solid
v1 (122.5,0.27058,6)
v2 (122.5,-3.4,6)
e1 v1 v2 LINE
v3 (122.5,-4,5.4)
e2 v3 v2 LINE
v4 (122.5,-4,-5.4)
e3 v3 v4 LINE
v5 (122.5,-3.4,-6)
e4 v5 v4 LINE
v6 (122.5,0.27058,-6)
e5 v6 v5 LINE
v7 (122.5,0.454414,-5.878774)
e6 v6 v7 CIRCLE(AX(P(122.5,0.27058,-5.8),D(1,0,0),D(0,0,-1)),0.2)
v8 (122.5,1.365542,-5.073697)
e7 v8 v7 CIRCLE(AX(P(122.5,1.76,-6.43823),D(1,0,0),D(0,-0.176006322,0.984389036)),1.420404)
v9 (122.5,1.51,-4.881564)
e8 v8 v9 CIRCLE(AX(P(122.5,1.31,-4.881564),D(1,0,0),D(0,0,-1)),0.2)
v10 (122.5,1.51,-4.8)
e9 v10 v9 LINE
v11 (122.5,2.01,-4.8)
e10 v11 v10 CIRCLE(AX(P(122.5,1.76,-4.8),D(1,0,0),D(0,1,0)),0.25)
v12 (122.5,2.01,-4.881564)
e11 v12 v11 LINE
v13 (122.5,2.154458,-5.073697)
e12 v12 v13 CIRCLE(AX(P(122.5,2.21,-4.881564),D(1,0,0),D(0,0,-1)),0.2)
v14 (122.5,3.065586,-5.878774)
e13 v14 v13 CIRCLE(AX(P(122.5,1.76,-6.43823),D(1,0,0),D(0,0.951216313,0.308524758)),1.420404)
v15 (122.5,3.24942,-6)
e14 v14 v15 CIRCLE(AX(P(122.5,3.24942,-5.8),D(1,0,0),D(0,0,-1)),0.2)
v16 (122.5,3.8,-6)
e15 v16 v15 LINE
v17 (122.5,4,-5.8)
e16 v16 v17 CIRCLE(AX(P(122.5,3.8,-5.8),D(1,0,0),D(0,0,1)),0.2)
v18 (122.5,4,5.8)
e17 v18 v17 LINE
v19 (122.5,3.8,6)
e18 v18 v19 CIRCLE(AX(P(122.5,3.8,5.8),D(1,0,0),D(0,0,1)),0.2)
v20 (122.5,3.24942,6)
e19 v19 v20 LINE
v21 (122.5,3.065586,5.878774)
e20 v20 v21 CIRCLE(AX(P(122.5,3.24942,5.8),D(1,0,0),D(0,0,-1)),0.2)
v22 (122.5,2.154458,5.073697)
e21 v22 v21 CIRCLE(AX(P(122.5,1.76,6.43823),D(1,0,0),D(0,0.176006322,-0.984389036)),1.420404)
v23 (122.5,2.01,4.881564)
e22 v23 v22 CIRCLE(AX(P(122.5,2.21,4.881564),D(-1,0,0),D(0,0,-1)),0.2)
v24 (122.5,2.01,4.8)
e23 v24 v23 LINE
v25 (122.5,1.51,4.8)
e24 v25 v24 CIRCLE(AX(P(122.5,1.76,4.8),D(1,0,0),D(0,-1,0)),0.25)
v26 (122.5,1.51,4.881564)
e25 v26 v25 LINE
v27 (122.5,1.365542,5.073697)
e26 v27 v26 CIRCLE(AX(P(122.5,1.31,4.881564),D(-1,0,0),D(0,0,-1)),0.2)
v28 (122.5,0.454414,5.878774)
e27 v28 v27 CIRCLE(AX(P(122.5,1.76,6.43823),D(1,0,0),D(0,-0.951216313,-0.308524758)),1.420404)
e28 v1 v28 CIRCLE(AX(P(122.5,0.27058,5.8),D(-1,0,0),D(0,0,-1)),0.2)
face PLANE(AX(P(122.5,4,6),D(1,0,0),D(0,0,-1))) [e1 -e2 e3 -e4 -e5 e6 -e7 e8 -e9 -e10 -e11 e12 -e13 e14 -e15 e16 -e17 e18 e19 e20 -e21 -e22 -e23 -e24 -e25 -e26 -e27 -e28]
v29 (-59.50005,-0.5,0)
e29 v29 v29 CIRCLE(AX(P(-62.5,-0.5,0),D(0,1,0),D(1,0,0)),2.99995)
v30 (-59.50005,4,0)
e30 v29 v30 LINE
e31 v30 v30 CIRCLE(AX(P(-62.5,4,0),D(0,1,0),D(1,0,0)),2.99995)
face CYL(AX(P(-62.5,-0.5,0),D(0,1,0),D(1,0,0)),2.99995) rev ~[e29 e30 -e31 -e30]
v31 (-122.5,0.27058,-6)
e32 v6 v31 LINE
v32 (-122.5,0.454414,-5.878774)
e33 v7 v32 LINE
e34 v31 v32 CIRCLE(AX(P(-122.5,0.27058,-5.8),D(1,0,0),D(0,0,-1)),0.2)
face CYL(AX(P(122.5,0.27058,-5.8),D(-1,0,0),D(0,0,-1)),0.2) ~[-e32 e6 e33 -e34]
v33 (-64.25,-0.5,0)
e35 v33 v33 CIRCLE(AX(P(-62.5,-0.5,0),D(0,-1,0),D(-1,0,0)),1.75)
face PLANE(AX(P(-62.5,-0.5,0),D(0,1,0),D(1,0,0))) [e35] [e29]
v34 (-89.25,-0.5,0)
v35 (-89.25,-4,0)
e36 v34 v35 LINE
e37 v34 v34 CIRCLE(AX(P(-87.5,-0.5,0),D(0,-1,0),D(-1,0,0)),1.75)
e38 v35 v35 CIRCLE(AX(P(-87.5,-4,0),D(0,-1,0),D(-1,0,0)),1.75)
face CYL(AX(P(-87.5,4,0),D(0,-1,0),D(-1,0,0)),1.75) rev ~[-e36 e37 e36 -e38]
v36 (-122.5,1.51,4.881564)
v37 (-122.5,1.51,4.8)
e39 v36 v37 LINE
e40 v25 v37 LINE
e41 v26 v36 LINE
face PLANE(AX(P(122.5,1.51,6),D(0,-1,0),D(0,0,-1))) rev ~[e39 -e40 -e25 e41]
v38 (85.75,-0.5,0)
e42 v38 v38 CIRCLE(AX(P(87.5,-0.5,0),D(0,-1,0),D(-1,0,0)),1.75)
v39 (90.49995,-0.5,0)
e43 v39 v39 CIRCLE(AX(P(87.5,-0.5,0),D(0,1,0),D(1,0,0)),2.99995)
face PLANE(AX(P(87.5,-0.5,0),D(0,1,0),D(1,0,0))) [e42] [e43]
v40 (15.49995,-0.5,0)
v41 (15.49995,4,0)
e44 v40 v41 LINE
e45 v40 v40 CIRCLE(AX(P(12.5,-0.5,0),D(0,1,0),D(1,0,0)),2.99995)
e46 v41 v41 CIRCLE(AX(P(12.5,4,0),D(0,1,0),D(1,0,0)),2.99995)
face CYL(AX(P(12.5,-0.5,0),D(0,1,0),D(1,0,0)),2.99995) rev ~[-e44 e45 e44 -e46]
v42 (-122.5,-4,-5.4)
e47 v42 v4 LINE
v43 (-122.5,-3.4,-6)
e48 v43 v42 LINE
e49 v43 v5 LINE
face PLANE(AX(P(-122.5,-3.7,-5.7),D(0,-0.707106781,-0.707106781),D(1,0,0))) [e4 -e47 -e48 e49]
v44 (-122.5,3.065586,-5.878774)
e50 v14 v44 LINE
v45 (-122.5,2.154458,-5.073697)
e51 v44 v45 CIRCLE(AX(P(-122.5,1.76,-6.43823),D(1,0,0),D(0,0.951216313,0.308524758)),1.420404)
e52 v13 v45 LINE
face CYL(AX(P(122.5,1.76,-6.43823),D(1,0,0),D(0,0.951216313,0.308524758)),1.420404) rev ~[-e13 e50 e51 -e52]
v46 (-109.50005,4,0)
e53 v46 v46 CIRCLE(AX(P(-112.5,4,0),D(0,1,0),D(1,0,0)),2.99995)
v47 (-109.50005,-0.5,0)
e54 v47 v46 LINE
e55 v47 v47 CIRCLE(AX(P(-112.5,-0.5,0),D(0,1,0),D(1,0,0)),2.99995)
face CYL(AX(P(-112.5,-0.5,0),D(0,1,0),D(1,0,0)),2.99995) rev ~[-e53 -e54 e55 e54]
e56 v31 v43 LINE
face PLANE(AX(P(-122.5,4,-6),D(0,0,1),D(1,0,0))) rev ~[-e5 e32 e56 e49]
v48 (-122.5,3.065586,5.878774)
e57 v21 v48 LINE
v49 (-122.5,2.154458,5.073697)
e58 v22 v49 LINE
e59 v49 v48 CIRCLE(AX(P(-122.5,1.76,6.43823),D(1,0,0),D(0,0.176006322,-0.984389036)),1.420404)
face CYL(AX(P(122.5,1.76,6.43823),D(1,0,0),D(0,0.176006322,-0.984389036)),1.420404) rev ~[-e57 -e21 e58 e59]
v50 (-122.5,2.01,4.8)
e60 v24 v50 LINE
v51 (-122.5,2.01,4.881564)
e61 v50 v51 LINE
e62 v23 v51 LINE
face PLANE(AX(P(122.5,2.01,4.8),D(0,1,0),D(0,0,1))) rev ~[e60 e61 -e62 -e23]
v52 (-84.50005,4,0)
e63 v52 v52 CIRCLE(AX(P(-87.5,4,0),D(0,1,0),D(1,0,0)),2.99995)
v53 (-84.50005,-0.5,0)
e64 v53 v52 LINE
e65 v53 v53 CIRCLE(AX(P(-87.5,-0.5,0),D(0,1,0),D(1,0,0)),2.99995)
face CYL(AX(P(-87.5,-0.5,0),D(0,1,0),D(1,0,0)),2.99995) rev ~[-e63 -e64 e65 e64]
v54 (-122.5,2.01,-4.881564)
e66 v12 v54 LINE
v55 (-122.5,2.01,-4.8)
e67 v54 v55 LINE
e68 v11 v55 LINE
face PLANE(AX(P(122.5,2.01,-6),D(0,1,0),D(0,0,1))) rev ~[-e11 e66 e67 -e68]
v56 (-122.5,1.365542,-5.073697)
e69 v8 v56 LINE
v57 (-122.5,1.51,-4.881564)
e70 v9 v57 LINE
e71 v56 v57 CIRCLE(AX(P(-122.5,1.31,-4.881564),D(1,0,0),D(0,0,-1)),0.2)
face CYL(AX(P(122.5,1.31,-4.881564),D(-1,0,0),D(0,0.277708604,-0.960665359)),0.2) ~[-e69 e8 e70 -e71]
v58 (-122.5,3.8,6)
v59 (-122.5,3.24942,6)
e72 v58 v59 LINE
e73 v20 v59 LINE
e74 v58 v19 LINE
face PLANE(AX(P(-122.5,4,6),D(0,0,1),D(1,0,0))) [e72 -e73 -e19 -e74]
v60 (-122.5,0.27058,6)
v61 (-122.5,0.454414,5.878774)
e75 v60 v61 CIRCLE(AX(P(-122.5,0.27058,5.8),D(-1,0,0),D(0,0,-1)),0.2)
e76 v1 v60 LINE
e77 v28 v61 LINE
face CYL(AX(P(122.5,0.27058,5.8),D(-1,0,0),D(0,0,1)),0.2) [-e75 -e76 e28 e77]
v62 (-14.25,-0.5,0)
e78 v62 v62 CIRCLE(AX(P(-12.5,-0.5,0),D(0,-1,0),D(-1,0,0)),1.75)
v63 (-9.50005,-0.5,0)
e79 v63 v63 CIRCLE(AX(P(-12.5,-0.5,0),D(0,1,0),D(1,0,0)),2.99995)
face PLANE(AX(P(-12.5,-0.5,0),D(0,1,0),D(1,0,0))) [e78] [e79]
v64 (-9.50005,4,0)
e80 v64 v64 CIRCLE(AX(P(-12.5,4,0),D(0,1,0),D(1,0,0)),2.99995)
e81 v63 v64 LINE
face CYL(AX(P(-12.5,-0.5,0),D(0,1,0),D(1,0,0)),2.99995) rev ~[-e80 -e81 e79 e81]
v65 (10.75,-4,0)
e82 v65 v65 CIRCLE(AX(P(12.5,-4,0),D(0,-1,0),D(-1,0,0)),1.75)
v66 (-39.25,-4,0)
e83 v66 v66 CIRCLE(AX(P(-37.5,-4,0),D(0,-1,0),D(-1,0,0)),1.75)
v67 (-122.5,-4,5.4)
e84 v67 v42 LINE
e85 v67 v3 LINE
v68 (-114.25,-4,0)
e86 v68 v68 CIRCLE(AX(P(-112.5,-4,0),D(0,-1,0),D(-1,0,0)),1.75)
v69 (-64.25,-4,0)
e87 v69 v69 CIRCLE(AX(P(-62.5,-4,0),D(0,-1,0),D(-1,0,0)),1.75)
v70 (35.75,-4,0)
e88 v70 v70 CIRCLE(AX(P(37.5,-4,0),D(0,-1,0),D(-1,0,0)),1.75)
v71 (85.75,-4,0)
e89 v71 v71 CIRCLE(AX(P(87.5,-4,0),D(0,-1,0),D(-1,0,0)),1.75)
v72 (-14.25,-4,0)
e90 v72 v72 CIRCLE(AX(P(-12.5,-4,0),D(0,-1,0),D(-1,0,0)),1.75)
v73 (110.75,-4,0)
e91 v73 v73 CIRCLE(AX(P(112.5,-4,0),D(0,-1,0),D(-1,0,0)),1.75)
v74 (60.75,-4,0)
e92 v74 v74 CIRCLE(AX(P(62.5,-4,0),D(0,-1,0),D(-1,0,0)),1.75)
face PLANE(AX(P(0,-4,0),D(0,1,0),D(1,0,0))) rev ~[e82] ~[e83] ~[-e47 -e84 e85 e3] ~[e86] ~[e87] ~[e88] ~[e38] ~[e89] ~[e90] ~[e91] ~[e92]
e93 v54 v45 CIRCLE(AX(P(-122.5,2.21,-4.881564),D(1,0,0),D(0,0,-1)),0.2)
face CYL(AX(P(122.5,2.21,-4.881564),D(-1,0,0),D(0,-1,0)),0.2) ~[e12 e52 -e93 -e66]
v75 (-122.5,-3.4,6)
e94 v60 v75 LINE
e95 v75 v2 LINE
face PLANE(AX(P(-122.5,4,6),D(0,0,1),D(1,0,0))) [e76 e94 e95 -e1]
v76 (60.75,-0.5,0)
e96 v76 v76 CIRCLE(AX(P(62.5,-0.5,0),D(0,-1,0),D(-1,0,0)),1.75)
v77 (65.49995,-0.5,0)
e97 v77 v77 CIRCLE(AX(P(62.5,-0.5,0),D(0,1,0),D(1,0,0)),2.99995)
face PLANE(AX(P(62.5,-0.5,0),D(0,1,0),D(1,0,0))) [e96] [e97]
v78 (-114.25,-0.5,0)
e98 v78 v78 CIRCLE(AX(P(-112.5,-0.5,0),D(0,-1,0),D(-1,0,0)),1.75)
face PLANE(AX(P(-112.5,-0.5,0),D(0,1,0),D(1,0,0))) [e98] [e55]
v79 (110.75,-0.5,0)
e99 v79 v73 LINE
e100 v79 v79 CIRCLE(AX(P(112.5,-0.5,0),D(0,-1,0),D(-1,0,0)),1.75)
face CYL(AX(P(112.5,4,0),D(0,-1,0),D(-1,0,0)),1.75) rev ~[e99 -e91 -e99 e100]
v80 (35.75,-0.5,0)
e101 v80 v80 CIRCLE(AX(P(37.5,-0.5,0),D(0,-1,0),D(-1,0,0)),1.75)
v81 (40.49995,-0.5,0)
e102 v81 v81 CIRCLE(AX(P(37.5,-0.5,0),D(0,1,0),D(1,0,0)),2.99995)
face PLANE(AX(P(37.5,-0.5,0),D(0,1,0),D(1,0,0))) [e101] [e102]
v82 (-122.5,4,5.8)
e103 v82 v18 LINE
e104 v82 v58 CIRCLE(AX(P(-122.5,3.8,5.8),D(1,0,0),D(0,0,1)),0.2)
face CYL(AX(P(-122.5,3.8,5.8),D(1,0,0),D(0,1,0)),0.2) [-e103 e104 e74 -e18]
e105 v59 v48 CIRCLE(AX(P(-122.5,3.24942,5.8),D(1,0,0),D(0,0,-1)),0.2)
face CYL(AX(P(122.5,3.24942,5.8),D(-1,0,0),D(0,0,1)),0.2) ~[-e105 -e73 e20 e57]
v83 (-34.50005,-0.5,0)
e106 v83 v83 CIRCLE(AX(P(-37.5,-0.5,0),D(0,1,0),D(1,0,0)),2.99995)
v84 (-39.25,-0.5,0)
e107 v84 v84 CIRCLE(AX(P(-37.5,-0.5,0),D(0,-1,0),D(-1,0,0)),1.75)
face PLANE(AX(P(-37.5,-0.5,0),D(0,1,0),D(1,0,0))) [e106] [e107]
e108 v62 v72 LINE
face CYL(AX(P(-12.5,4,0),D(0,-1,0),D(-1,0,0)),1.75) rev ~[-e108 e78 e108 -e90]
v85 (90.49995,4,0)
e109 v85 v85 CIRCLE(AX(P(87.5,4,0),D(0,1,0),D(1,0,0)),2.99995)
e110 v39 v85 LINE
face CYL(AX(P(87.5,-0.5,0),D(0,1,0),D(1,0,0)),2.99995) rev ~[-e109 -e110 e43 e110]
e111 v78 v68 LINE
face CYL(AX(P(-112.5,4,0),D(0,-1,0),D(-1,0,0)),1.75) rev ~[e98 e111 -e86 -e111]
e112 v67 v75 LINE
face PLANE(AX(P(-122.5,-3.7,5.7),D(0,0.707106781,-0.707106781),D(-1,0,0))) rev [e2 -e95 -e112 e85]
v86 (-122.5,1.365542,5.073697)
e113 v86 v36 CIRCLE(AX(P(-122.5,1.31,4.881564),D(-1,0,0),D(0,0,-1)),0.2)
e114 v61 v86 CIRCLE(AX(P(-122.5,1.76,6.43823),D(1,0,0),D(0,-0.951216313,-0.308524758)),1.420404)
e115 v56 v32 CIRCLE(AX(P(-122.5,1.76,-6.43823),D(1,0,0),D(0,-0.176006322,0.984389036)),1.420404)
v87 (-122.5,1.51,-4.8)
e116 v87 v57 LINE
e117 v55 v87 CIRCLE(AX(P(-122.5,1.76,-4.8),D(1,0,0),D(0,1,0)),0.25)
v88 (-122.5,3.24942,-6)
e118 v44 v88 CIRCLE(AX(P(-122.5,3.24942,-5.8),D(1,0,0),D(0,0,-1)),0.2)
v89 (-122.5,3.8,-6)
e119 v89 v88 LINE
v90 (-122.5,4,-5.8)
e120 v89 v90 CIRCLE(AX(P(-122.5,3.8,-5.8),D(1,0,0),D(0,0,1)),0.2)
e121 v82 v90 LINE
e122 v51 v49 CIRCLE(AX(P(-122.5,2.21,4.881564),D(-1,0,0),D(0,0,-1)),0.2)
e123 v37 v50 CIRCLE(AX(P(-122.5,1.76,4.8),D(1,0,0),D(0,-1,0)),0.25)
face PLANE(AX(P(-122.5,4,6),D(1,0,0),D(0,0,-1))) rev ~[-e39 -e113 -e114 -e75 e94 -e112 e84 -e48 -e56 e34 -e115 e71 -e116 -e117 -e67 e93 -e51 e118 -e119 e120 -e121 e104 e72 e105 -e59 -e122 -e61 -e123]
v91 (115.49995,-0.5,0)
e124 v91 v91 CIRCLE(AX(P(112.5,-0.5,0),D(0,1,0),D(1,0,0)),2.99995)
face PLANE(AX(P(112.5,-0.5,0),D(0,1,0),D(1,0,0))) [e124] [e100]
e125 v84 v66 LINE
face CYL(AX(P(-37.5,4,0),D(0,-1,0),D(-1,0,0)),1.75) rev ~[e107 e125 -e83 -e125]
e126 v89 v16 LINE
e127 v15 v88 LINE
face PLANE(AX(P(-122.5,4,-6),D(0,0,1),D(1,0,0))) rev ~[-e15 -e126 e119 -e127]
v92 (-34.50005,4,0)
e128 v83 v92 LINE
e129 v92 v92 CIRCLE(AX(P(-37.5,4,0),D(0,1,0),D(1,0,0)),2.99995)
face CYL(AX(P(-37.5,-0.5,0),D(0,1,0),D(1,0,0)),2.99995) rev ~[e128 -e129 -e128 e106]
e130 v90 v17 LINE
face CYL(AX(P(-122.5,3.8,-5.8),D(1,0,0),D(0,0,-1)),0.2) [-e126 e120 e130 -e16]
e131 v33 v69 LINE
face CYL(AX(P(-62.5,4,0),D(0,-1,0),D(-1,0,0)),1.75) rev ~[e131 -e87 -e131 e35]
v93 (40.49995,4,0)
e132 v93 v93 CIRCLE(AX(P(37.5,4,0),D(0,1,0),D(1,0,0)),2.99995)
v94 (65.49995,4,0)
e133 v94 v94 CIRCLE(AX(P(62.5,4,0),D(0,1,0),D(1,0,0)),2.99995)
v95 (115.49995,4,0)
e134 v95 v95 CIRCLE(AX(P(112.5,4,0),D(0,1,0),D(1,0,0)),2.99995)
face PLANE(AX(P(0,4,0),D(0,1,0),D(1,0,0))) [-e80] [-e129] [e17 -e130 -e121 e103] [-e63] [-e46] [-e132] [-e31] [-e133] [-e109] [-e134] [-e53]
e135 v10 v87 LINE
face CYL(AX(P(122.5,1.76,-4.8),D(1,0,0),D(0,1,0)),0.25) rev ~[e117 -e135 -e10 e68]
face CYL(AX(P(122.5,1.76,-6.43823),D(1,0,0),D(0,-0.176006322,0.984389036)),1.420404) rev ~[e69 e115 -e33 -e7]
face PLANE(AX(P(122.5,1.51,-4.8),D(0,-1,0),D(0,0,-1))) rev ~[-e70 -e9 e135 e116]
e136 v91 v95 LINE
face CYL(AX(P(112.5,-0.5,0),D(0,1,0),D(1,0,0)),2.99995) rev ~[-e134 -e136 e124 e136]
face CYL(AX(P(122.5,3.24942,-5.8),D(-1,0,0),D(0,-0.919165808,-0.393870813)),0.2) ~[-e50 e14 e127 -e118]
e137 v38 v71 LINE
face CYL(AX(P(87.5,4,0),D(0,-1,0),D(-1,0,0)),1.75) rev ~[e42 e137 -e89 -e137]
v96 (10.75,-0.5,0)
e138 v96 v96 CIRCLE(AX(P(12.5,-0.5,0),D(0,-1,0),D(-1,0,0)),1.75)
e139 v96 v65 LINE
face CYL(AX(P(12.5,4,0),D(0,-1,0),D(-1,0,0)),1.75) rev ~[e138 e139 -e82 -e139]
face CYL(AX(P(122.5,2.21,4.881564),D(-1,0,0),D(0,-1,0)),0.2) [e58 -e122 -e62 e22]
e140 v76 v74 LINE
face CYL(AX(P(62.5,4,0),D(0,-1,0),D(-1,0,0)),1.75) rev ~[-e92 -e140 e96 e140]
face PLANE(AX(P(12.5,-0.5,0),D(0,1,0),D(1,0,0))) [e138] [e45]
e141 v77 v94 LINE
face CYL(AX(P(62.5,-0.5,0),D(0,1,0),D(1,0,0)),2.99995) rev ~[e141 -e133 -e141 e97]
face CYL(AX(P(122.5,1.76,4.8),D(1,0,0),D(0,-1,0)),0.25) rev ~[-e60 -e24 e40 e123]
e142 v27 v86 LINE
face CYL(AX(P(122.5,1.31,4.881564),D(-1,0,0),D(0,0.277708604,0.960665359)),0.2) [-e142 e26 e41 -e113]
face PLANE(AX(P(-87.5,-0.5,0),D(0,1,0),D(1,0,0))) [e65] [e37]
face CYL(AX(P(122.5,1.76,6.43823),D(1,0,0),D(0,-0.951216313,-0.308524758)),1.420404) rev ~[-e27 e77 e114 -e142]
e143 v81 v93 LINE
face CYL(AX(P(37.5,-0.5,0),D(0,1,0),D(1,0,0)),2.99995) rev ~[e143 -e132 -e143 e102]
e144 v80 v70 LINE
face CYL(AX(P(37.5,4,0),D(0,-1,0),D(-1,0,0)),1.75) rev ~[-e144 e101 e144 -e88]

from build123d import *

# Parameters (mm, degrees)
SKETCH_1_W                   = 245
SKETCH_1_H                   = 12
EXTRUDE_1_DEPTH              = 8
CUT_EXTRUDE_1_DEPTH          = 246.106099475
CUT_EXTRUDE_2_DEPTH          = 246.106099475
CUT_EXTRUDE_3_DEPTH          = 246.106099475
CUT_EXTRUDE_4_DEPTH          = 246.106099475
CUT_EXTRUDE_5_DEPTH          = 246.106099475
CUT_EXTRUDE_6_DEPTH          = 246.106099475
HOLE_WIZARD_M3_1_D           = 3.5
HOLE_WIZARD_M3_1_CBORE_D     = 5.9999
HOLE_WIZARD_M3_1_CBORE_DEPTH = 4.5
CHAMFER_1_SIZE               = 0.6
FILLET_1_R                   = 0.2


with BuildPart() as part:
    # 草图1 → 凸台-拉伸1 (new body)
    with BuildSketch(Plane(origin=(0, 4, 0), x_dir=(1, 0, 0), z_dir=(0, 1, 0))):
        Rectangle(SKETCH_1_W, SKETCH_1_H)
    extrude(amount=-EXTRUDE_1_DEPTH)

    # 草图2 → 切除-拉伸1 (cut, through all)
    with BuildSketch(Plane(origin=(122.5, 0, 0), x_dir=(0, 0, -1), z_dir=(1, 0, 0))):
        with BuildLine():
            Line((6, 1.51), (6, 2.01))
            Line((6, 2.01), (4.8, 2.01))
            ThreePointArc((4.8, 2.01), (4.55, 1.76), (4.8, 1.51))
            Line((4.8, 1.51), (6, 1.51))
        make_face()
    extrude(amount=-CUT_EXTRUDE_1_DEPTH, mode=Mode.SUBTRACT)

    # 草图3 → 切除-拉伸2 (cut, through all)
    with BuildSketch(Plane(origin=(122.5, 0, 0), x_dir=(0, 0, -1), z_dir=(1, 0, 0))):
        with BuildLine():
            Line((6, 2.01), (6, 3.111111))
            ThreePointArc((6, 3.111111), (5.367595703, 2.693428684), (5.04, 2.01))
            Line((5.04, 2.01), (6, 2.01))
        make_face()
    extrude(amount=-CUT_EXTRUDE_2_DEPTH, mode=Mode.SUBTRACT)

    # 草图4 → 切除-拉伸3 (cut, through all)
    with BuildSketch(Plane(origin=(122.5, 0, 0), x_dir=(0, 0, -1), z_dir=(1, 0, 0))):
        with BuildLine():
            Line((6, 1.51), (5.04, 1.51))
            ThreePointArc((5.04, 1.51), (5.367595703, 0.826571316), (6, 0.408889))
            Line((6, 0.408889), (6, 1.51))
        make_face()
    extrude(amount=-CUT_EXTRUDE_3_DEPTH, mode=Mode.SUBTRACT)

    # 草图5 → 切除-拉伸4 (cut, through all)
    with BuildSketch(Plane(origin=(122.5, 0, 0), x_dir=(0, 0, -1), z_dir=(1, 0, 0))):
        with BuildLine():
            Line((-6, 2.01), (-6, 1.51))
            Line((-6, 1.51), (-4.8, 1.51))
            ThreePointArc((-4.8, 1.51), (-4.55, 1.76), (-4.8, 2.01))
            Line((-4.8, 2.01), (-6, 2.01))
        make_face()
    extrude(amount=-CUT_EXTRUDE_4_DEPTH, mode=Mode.SUBTRACT)

    # 草图6 → 切除-拉伸5 (cut, through all)
    with BuildSketch(Plane(origin=(122.5, 0, 0), x_dir=(0, 0, -1), z_dir=(1, 0, 0))):
        with BuildLine():
            Line((-6, 1.51), (-6, 0.408889))
            ThreePointArc((-6, 0.408889), (-5.367595703, 0.826571316), (-5.04, 1.51))
            Line((-5.04, 1.51), (-6, 1.51))
        make_face()
    extrude(amount=-CUT_EXTRUDE_5_DEPTH, mode=Mode.SUBTRACT)

    # 草图7 → 切除-拉伸6 (cut, through all)
    with BuildSketch(Plane(origin=(122.5, 0, 0), x_dir=(0, 0, -1), z_dir=(1, 0, 0))):
        with BuildLine():
            Line((-6, 2.01), (-5.04, 2.01))
            ThreePointArc((-5.04, 2.01), (-5.367595703, 2.693428684), (-6, 3.111111))
            Line((-6, 3.111111), (-6, 2.01))
        make_face()
    extrude(amount=-CUT_EXTRUDE_6_DEPTH, mode=Mode.SUBTRACT)

    # M3 六角头机械螺钉的柱形沉头孔1 (through all)
    with Locations(Plane(origin=(0, 4, 0), x_dir=(1, 0, 0), z_dir=(0, 1, 0))):
        with Locations((-112.5, 0), (-87.5, 0), (-62.5, 0), (-37.5, 0), (-12.5, 0), (12.5, 0), (37.5, 0), (62.5, 0), (87.5, 0), (112.5, 0)):
            CounterBoreHole(HOLE_WIZARD_M3_1_D / 2, HOLE_WIZARD_M3_1_CBORE_D / 2, HOLE_WIZARD_M3_1_CBORE_DEPTH)

    # 倒角1
    chamfer_1_edges = [part.edges().sort_by_distance(p)[0] for p in [
        (0, -4, -6),
        (0, -4, 6),
    ]]
    chamfer(chamfer_1_edges, length=CHAMFER_1_SIZE)

    # 圆角1
    fillet_1_edges = [part.edges().sort_by_distance(p)[0] for p in [
        (0, 2.01, -5.04),
        (0, 3.111111, -6),
        (0, 0.408889, -6),
        (0, 1.51, -5.04),
        (0, 4, -6),
        (0, 4, 6),
        (0, 1.51, 5.04),
        (0, 0.408889, 6),
        (0, 3.111111, 6),
        (0, 2.01, 5.04),
    ]]
    fillet(fillet_1_edges, radius=FILLET_1_R)


solid = part.part
